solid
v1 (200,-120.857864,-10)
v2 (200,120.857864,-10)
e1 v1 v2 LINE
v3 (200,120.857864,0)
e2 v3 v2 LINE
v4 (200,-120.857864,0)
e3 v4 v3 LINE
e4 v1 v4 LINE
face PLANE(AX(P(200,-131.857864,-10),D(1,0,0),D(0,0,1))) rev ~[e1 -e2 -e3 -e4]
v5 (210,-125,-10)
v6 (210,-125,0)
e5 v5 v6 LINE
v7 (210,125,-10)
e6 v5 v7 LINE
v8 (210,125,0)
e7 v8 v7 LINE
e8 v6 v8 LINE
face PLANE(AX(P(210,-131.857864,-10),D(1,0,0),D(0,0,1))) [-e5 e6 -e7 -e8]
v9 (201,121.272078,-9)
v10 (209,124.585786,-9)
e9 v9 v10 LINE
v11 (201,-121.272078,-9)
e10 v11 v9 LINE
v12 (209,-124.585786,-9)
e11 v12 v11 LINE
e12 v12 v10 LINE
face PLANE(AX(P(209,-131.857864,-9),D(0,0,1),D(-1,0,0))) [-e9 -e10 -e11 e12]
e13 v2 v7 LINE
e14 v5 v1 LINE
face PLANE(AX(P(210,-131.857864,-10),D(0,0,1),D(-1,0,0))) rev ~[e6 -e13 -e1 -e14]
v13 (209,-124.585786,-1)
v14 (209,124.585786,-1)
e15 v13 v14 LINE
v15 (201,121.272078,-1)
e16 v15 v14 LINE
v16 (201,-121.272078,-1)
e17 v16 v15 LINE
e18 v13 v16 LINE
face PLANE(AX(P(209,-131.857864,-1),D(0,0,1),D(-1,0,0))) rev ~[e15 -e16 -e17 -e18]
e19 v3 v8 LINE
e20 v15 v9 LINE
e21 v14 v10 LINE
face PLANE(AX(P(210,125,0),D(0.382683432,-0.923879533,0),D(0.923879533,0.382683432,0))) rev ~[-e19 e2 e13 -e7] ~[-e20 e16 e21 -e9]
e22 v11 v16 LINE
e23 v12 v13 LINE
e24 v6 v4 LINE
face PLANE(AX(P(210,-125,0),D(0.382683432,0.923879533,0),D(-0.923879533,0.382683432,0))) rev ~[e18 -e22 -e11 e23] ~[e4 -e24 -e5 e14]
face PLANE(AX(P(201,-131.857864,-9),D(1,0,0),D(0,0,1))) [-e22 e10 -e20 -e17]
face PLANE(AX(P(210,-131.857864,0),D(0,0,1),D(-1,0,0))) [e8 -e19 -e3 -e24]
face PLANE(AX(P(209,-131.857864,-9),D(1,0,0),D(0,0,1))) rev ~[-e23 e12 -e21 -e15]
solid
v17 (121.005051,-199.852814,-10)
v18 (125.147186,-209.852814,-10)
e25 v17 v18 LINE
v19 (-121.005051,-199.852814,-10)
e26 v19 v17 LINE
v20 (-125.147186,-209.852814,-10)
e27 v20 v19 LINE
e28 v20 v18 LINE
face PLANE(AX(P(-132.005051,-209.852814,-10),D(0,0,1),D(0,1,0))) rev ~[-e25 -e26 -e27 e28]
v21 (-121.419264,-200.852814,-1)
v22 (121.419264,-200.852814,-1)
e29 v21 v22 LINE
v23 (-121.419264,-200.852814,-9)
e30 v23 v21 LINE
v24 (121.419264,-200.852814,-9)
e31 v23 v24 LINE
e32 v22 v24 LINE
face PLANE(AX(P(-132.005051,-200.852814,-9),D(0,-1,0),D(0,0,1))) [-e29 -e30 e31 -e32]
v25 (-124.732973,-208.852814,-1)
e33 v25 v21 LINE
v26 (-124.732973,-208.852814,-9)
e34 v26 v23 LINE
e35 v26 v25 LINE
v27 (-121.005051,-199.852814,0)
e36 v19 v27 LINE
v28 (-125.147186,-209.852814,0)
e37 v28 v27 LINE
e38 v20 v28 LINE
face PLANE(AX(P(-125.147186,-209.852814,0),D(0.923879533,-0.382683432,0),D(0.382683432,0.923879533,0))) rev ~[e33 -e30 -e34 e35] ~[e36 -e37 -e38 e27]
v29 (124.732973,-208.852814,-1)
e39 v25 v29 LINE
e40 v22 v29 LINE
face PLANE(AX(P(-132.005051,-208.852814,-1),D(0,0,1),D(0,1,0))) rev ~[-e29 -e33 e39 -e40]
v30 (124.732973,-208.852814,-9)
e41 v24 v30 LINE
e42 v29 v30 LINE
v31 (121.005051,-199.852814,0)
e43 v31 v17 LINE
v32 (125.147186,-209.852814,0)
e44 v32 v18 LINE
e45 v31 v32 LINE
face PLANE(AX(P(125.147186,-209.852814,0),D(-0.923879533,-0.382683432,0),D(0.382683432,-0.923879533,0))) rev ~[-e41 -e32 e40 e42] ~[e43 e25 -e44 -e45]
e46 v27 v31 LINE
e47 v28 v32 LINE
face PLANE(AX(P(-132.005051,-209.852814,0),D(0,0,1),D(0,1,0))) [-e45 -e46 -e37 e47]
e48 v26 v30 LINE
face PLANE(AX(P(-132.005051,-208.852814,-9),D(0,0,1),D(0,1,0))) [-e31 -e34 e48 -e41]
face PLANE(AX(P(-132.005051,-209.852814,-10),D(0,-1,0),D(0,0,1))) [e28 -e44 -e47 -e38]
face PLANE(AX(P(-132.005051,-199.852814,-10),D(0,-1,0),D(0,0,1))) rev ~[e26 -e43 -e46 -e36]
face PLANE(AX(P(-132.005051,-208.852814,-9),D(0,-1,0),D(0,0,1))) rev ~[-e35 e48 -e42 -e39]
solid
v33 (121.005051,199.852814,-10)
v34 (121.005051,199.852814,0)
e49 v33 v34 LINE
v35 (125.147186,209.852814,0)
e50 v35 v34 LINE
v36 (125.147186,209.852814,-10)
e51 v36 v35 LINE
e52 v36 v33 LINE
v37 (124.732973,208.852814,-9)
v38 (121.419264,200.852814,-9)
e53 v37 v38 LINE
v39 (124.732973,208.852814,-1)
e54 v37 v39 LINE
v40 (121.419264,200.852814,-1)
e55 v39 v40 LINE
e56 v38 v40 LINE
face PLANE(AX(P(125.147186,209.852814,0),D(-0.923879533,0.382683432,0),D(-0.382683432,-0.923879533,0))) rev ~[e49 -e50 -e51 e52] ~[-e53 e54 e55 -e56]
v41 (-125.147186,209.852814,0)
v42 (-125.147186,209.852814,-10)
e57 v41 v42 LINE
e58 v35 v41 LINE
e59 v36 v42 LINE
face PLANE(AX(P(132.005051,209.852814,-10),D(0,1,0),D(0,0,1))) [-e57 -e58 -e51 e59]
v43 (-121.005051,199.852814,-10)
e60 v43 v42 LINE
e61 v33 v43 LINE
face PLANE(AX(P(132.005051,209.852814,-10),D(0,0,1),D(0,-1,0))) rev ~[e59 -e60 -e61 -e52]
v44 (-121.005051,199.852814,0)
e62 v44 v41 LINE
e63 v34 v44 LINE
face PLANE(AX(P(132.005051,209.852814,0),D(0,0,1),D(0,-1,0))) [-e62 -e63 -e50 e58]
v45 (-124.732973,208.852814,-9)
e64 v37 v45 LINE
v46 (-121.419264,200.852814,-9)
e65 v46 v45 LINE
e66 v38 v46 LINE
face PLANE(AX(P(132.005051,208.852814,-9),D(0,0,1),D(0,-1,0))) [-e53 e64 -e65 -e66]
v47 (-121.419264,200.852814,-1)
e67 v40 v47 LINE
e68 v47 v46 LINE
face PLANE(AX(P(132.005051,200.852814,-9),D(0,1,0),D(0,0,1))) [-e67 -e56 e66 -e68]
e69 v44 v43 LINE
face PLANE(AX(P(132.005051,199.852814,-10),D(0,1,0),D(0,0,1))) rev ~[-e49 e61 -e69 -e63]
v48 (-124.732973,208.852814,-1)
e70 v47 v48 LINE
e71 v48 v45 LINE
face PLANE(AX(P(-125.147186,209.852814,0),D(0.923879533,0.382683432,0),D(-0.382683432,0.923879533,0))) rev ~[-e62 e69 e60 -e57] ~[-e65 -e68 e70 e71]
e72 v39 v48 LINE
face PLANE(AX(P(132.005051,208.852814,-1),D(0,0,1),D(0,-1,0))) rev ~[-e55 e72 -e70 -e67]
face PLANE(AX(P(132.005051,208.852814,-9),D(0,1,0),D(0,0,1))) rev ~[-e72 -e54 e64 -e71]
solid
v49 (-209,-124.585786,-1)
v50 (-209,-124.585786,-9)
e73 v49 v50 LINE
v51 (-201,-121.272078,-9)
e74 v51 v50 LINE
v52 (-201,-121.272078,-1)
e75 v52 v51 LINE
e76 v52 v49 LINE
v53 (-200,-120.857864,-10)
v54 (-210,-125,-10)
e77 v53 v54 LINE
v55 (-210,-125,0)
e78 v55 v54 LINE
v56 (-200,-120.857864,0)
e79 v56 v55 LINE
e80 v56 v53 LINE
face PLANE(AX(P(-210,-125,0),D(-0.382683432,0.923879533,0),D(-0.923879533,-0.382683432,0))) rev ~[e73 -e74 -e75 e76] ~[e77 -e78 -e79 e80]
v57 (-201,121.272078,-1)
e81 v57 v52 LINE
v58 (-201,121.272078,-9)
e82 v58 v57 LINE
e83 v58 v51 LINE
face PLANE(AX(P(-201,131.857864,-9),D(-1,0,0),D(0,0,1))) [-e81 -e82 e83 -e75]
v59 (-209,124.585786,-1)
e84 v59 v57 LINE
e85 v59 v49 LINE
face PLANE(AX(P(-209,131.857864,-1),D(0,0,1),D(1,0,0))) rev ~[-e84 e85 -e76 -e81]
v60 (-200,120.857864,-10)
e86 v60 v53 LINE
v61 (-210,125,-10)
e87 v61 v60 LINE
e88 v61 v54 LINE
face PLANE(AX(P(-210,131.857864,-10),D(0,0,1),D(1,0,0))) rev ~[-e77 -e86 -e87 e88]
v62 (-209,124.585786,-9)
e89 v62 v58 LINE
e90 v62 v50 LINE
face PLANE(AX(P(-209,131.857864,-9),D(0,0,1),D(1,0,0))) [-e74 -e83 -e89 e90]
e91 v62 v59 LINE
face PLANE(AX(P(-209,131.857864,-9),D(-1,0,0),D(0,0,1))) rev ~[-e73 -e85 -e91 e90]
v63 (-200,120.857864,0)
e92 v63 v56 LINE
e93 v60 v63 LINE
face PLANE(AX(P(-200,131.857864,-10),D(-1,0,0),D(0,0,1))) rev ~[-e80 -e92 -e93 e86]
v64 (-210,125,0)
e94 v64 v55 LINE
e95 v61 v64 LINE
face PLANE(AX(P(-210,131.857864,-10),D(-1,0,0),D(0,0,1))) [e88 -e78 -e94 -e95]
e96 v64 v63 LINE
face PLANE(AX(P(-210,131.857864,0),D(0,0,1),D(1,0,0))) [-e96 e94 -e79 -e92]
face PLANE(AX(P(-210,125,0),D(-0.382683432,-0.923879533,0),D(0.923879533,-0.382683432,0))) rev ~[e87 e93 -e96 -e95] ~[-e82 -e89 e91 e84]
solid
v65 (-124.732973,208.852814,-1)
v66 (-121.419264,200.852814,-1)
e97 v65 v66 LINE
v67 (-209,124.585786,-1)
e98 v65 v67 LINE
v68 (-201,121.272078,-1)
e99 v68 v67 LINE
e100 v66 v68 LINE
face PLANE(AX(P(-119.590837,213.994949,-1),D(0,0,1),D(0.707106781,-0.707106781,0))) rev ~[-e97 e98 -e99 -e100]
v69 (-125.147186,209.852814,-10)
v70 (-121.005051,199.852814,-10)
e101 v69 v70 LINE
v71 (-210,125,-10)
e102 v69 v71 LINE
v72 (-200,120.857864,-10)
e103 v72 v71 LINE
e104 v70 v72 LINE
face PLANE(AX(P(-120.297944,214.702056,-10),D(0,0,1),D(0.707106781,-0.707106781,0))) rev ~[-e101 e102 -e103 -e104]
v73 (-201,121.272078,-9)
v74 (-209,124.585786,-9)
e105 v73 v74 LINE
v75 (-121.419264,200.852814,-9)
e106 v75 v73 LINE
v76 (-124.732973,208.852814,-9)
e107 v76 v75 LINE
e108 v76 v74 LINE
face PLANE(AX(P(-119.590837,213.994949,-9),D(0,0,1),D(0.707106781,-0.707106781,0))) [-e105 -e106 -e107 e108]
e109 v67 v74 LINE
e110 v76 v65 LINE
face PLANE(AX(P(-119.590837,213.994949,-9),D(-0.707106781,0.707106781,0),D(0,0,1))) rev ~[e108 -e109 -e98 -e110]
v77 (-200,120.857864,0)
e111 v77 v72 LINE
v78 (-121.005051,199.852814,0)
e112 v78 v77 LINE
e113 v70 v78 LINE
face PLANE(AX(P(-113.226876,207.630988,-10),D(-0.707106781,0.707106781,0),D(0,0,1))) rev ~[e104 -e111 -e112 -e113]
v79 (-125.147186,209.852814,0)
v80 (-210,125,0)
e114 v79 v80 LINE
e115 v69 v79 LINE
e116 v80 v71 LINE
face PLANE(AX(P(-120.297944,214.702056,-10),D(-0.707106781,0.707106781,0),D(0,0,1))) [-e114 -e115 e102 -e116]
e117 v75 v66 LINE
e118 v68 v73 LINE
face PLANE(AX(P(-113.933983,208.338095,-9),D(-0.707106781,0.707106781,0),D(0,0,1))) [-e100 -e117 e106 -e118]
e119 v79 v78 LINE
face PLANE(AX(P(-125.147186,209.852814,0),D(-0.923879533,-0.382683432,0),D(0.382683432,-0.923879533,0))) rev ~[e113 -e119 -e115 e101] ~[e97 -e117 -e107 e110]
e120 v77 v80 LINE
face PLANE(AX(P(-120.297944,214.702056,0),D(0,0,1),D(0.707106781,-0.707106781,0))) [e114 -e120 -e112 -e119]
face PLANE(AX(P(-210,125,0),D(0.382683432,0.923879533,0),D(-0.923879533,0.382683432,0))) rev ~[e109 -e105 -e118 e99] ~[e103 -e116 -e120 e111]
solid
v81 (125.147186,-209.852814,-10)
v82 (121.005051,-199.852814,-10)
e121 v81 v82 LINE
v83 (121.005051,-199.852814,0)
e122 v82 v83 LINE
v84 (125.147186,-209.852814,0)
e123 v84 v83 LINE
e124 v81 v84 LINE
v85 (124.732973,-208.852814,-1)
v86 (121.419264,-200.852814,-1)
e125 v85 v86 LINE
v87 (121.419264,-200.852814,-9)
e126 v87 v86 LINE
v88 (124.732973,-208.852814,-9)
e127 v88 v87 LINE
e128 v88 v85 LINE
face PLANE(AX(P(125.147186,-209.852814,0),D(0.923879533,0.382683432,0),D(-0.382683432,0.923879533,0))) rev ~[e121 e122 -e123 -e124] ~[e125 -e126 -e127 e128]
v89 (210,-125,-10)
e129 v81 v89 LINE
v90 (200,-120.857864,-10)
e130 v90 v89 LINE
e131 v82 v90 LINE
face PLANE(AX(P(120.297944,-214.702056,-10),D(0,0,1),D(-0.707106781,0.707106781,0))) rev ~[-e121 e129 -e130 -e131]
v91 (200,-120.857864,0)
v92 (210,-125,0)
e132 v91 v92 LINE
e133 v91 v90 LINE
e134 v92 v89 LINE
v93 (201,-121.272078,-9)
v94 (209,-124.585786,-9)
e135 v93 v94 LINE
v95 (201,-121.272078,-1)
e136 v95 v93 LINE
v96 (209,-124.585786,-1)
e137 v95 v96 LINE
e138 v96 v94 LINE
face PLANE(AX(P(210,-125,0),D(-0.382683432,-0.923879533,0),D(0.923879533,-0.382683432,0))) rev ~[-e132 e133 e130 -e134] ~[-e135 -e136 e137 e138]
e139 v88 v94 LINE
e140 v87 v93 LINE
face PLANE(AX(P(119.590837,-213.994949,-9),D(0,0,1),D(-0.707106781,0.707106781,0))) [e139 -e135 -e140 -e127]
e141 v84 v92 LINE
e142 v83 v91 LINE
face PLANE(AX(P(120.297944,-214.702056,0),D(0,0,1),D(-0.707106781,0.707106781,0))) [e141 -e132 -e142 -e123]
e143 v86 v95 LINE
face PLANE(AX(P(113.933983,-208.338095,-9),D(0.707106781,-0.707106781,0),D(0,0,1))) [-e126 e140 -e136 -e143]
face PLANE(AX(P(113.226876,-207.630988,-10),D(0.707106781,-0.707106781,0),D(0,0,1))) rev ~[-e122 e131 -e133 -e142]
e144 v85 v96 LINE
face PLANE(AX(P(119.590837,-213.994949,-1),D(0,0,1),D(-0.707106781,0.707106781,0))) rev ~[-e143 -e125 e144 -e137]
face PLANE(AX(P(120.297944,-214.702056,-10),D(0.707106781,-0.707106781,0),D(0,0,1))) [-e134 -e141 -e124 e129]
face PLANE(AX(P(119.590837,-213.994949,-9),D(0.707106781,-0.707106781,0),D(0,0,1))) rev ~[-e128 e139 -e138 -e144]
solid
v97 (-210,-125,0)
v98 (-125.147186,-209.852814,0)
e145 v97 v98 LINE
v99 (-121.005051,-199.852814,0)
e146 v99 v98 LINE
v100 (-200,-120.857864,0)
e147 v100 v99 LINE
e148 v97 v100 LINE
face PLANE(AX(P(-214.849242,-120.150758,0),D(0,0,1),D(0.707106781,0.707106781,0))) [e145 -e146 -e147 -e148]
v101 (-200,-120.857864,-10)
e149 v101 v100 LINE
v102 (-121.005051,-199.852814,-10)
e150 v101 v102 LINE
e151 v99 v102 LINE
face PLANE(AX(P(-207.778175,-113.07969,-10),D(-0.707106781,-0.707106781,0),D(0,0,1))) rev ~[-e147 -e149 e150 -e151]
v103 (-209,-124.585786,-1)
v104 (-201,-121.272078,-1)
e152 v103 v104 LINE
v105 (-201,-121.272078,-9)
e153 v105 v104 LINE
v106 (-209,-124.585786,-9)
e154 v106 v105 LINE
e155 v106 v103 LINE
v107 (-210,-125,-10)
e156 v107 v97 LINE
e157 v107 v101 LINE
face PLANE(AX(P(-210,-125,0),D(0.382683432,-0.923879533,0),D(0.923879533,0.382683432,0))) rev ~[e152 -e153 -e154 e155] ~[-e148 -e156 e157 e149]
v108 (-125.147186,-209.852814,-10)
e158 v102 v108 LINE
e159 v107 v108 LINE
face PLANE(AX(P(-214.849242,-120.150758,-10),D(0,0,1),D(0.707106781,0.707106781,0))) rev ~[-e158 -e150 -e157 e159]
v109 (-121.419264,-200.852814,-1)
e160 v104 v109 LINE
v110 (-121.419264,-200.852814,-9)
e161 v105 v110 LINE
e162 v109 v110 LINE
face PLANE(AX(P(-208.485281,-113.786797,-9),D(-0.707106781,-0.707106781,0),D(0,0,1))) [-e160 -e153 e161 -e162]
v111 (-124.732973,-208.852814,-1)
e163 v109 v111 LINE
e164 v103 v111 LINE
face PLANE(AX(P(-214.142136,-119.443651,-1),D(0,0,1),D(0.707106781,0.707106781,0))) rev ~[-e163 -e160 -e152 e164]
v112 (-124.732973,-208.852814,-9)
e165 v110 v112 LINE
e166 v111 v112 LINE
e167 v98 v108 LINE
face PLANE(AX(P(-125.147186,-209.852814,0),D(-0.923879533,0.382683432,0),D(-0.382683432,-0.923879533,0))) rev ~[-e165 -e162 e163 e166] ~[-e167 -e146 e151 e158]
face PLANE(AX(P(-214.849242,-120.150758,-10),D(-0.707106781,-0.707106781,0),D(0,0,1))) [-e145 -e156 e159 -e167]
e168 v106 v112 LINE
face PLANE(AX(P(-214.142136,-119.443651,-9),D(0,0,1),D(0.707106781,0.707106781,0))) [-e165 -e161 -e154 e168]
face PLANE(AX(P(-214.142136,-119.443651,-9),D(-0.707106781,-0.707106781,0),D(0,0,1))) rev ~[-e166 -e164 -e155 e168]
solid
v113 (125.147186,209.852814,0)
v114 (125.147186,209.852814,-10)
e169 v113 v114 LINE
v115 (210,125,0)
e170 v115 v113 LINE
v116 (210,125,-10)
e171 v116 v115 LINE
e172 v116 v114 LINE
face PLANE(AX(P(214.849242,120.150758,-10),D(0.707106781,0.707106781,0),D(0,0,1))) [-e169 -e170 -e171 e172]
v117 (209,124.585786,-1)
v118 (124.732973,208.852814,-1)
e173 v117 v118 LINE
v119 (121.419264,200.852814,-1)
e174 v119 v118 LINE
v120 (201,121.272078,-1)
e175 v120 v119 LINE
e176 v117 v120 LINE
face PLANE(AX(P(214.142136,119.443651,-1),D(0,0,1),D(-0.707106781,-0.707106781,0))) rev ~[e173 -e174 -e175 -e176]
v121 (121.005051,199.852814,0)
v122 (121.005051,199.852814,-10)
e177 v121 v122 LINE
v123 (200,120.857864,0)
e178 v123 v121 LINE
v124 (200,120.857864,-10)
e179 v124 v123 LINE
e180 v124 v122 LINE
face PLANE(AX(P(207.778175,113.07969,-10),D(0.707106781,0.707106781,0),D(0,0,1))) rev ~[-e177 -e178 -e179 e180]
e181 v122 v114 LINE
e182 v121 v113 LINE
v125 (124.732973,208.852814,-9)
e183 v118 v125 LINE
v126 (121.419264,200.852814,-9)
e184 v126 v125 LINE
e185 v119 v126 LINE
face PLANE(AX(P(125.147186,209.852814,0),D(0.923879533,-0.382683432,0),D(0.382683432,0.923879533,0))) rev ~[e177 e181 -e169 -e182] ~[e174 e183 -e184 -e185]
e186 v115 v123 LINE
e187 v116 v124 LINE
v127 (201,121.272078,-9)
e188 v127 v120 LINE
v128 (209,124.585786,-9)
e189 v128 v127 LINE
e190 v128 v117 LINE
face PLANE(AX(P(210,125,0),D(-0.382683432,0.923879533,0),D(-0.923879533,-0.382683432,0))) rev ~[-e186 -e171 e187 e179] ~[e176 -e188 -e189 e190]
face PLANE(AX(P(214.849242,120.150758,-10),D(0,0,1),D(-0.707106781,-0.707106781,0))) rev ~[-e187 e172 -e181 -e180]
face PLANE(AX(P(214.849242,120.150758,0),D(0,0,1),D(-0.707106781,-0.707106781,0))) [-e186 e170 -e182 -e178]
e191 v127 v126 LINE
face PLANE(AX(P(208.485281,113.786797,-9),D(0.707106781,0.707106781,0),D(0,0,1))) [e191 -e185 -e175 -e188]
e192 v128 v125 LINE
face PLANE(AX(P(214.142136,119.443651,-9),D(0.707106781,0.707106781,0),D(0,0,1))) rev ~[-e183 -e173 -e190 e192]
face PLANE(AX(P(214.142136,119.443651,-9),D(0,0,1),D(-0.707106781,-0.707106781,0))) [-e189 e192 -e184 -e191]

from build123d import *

# Parameters (mm, degrees)
MEMBER_1_DEPTH            = 257.152236891
MEMBER_1_DEPTH_BACK       = 6.857864376
SKETCH11_W                = 10
SKETCH11_H                = 10
SKETCH11_W_2              = 8
SKETCH11_H_2              = 8
SKETCH11_ON_SEGMENT_2_W   = 10
SKETCH11_ON_SEGMENT_2_H   = 10
SKETCH11_ON_SEGMENT_2_W_2 = 8
SKETCH11_ON_SEGMENT_2_H_2 = 8
MEMBER_1_2_DEPTH          = 133.715728753
SKETCH11_ON_SEGMENT_3_W   = 10
SKETCH11_ON_SEGMENT_3_H   = 10
SKETCH11_ON_SEGMENT_3_W_2 = 8
SKETCH11_ON_SEGMENT_3_H_2 = 8
MEMBER_1_3_DEPTH          = 263.715728753
SKETCH11_ON_SEGMENT_4_W   = 10
SKETCH11_ON_SEGMENT_4_H   = 10
SKETCH11_ON_SEGMENT_4_W_2 = 8
SKETCH11_ON_SEGMENT_4_H_2 = 8
MEMBER_1_4_DEPTH          = 133.715728753
SKETCH11_ON_SEGMENT_5_W   = 10
SKETCH11_ON_SEGMENT_5_H   = 10
SKETCH11_ON_SEGMENT_5_W_2 = 8
SKETCH11_ON_SEGMENT_5_H_2 = 8
MEMBER_1_5_DEPTH          = 264.010101268
SKETCH11_ON_SEGMENT_6_W   = 10
SKETCH11_ON_SEGMENT_6_H   = 10
SKETCH11_ON_SEGMENT_6_W_2 = 8
SKETCH11_ON_SEGMENT_6_H_2 = 8
MEMBER_1_6_DEPTH          = 133.715728753
SKETCH11_ON_SEGMENT_7_W   = 10
SKETCH11_ON_SEGMENT_7_H   = 10
SKETCH11_ON_SEGMENT_7_W_2 = 8
SKETCH11_ON_SEGMENT_7_H_2 = 8
MEMBER_1_7_DEPTH          = 263.715728753
SKETCH11_ON_SEGMENT_8_W   = 10
SKETCH11_ON_SEGMENT_8_H   = 10
SKETCH11_ON_SEGMENT_8_W_2 = 8
SKETCH11_ON_SEGMENT_8_H_2 = 8
MEMBER_1_8_DEPTH          = 133.715728753


with BuildPart() as part:
    # Sketch11 → Member 1 (new, two sides: drawn at the far end of the back side and taken through both)
    with BuildSketch(Plane(origin=(-125.147186258, -204.852813742, -5), x_dir=(0, 1, 0), z_dir=(1, 0, 0)).offset(-MEMBER_1_DEPTH_BACK)):
        Rectangle(SKETCH11_W, SKETCH11_H)
        Rectangle(SKETCH11_W_2, SKETCH11_H_2, mode=Mode.SUBTRACT)
    extrude(amount=MEMBER_1_DEPTH + MEMBER_1_DEPTH_BACK)

    # Member 1 mitre 1
    split(bisect_by=Plane(origin=(-125.147186258, -209.852813742, 0), x_dir=(0.382683432, 0.923879533, 0), z_dir=(0.923879533, -0.382683432, 0)), keep=Keep.TOP)

    # Member 1 mitre 2
    split(bisect_by=Plane(origin=(125.147186258, -209.852813742, 0), x_dir=(0.382683432, -0.923879533, 0), z_dir=(-0.923879533, -0.382683432, 0)), keep=Keep.TOP)


with BuildPart() as body_2:
    # Sketch11 on segment 2 (carried to segment 2) → Member 1 2 (new body)
    with BuildSketch(Plane(origin=(116.762409947, -211.166522241, -5), x_dir=(-0.707106781, 0.707106781, 0), z_dir=(0.707106781, 0.707106781, 0))):
        Rectangle(SKETCH11_ON_SEGMENT_2_W, SKETCH11_ON_SEGMENT_2_H)
        Rectangle(SKETCH11_ON_SEGMENT_2_W_2, SKETCH11_ON_SEGMENT_2_H_2, mode=Mode.SUBTRACT)
    extrude(amount=MEMBER_1_2_DEPTH)

    # Member 1 2 mitre 1
    split(bisect_by=Plane(origin=(125.147186258, -209.852813742, 0), x_dir=(-0.382683432, 0.923879533, 0), z_dir=(0.923879533, 0.382683432, 0)), keep=Keep.TOP)

    # Member 1 2 mitre 2
    split(bisect_by=Plane(origin=(210, -125, 0), x_dir=(0.923879533, -0.382683432, 0), z_dir=(-0.382683432, -0.923879533, 0)), keep=Keep.TOP)


with BuildPart() as body_3:
    # Sketch11 on segment 3 (carried to segment 3) → Member 1 3 (new body)
    with BuildSketch(Plane(origin=(205, -131.857864376, -5), x_dir=(-1, 0, 0), z_dir=(0, 1, 0))):
        Rectangle(SKETCH11_ON_SEGMENT_3_W, SKETCH11_ON_SEGMENT_3_H)
        Rectangle(SKETCH11_ON_SEGMENT_3_W_2, SKETCH11_ON_SEGMENT_3_H_2, mode=Mode.SUBTRACT)
    extrude(amount=MEMBER_1_3_DEPTH)

    # Member 1 3 mitre 1
    split(bisect_by=Plane(origin=(210, -125, 0), x_dir=(-0.923879533, 0.382683432, 0), z_dir=(0.382683432, 0.923879533, 0)), keep=Keep.TOP)

    # Member 1 3 mitre 2
    split(bisect_by=Plane(origin=(210, 125, 0), x_dir=(0.923879533, 0.382683432, 0), z_dir=(0.382683432, -0.923879533, 0)), keep=Keep.TOP)


with BuildPart() as body_4:
    # Sketch11 on segment 4 (carried to segment 4) → Member 1 4 (new body)
    with BuildSketch(Plane(origin=(211.313708499, 116.615223689, -5), x_dir=(-0.707106781, -0.707106781, 0), z_dir=(-0.707106781, 0.707106781, 0))):
        Rectangle(SKETCH11_ON_SEGMENT_4_W, SKETCH11_ON_SEGMENT_4_H)
        Rectangle(SKETCH11_ON_SEGMENT_4_W_2, SKETCH11_ON_SEGMENT_4_H_2, mode=Mode.SUBTRACT)
    extrude(amount=MEMBER_1_4_DEPTH)

    # Member 1 4 mitre 1
    split(bisect_by=Plane(origin=(210, 125, 0), x_dir=(-0.923879533, -0.382683432, 0), z_dir=(-0.382683432, 0.923879533, 0)), keep=Keep.TOP)

    # Member 1 4 mitre 2
    split(bisect_by=Plane(origin=(125.147186258, 209.852813742, 0), x_dir=(0.382683432, 0.923879533, 0), z_dir=(0.923879533, -0.382683432, 0)), keep=Keep.TOP)


with BuildPart() as body_5:
    # Sketch11 on segment 5 (carried to segment 5) → Member 1 5 (new body)
    with BuildSketch(Plane(origin=(132.005050634, 204.852813742, -5), x_dir=(0, -1, 0), z_dir=(-1, 0, 0))):
        Rectangle(SKETCH11_ON_SEGMENT_5_W, SKETCH11_ON_SEGMENT_5_H)
        Rectangle(SKETCH11_ON_SEGMENT_5_W_2, SKETCH11_ON_SEGMENT_5_H_2, mode=Mode.SUBTRACT)
    extrude(amount=MEMBER_1_5_DEPTH)

    # Member 1 5 mitre 1
    split(bisect_by=Plane(origin=(-125.147186258, 209.852813742, 0), x_dir=(-0.382683432, 0.923879533, 0), z_dir=(0.923879533, 0.382683432, 0)), keep=Keep.TOP)

    # Member 1 5 mitre 2
    split(bisect_by=Plane(origin=(125.147186258, 209.852813742, 0), x_dir=(-0.382683432, -0.923879533, 0), z_dir=(-0.923879533, 0.382683432, 0)), keep=Keep.TOP)


with BuildPart() as body_6:
    # Sketch11 on segment 6 (carried to segment 6) → Member 1 6 (new body)
    with BuildSketch(Plane(origin=(-116.762409947, 211.166522241, -5), x_dir=(0.707106781, -0.707106781, 0), z_dir=(-0.707106781, -0.707106781, 0))):
        Rectangle(SKETCH11_ON_SEGMENT_6_W, SKETCH11_ON_SEGMENT_6_H)
        Rectangle(SKETCH11_ON_SEGMENT_6_W_2, SKETCH11_ON_SEGMENT_6_H_2, mode=Mode.SUBTRACT)
    extrude(amount=MEMBER_1_6_DEPTH)

    # Member 1 6 mitre 1
    split(bisect_by=Plane(origin=(-210, 125, 0), x_dir=(-0.923879533, 0.382683432, 0), z_dir=(0.382683432, 0.923879533, 0)), keep=Keep.TOP)

    # Member 1 6 mitre 2
    split(bisect_by=Plane(origin=(-125.147186258, 209.852813742, 0), x_dir=(0.382683432, -0.923879533, 0), z_dir=(-0.923879533, -0.382683432, 0)), keep=Keep.TOP)


with BuildPart() as body_7:
    # Sketch11 on segment 7 (carried to segment 7) → Member 1 7 (new body)
    with BuildSketch(Plane(origin=(-205, 131.857864376, -5), x_dir=(1, 0, 0), z_dir=(0, -1, 0))):
        Rectangle(SKETCH11_ON_SEGMENT_7_W, SKETCH11_ON_SEGMENT_7_H)
        Rectangle(SKETCH11_ON_SEGMENT_7_W_2, SKETCH11_ON_SEGMENT_7_H_2, mode=Mode.SUBTRACT)
    extrude(amount=MEMBER_1_7_DEPTH)

    # Member 1 7 mitre 1
    split(bisect_by=Plane(origin=(-210, -125, 0), x_dir=(-0.923879533, -0.382683432, 0), z_dir=(-0.382683432, 0.923879533, 0)), keep=Keep.TOP)

    # Member 1 7 mitre 2
    split(bisect_by=Plane(origin=(-210, 125, 0), x_dir=(0.923879533, -0.382683432, 0), z_dir=(-0.382683432, -0.923879533, 0)), keep=Keep.TOP)


with BuildPart() as body_8:
    # Sketch11 on segment 8 (carried to segment 8) → Member 1 8 (new body)
    with BuildSketch(Plane(origin=(-211.313708499, -116.615223689, -5), x_dir=(0.707106781, 0.707106781, 0), z_dir=(0.707106781, -0.707106781, 0))):
        Rectangle(SKETCH11_ON_SEGMENT_8_W, SKETCH11_ON_SEGMENT_8_H)
        Rectangle(SKETCH11_ON_SEGMENT_8_W_2, SKETCH11_ON_SEGMENT_8_H_2, mode=Mode.SUBTRACT)
    extrude(amount=MEMBER_1_8_DEPTH)

    # Member 1 8 mitre 1
    split(bisect_by=Plane(origin=(-125.147186258, -209.852813742, 0), x_dir=(-0.382683432, -0.923879533, 0), z_dir=(-0.923879533, 0.382683432, 0)), keep=Keep.TOP)

    # Member 1 8 mitre 2
    split(bisect_by=Plane(origin=(-210, -125, 0), x_dir=(0.923879533, 0.382683432, 0), z_dir=(0.382683432, -0.923879533, 0)), keep=Keep.TOP)


solid = Compound([part.part, body_2.part, body_3.part, body_4.part, body_5.part, body_6.part, body_7.part, body_8.part])
